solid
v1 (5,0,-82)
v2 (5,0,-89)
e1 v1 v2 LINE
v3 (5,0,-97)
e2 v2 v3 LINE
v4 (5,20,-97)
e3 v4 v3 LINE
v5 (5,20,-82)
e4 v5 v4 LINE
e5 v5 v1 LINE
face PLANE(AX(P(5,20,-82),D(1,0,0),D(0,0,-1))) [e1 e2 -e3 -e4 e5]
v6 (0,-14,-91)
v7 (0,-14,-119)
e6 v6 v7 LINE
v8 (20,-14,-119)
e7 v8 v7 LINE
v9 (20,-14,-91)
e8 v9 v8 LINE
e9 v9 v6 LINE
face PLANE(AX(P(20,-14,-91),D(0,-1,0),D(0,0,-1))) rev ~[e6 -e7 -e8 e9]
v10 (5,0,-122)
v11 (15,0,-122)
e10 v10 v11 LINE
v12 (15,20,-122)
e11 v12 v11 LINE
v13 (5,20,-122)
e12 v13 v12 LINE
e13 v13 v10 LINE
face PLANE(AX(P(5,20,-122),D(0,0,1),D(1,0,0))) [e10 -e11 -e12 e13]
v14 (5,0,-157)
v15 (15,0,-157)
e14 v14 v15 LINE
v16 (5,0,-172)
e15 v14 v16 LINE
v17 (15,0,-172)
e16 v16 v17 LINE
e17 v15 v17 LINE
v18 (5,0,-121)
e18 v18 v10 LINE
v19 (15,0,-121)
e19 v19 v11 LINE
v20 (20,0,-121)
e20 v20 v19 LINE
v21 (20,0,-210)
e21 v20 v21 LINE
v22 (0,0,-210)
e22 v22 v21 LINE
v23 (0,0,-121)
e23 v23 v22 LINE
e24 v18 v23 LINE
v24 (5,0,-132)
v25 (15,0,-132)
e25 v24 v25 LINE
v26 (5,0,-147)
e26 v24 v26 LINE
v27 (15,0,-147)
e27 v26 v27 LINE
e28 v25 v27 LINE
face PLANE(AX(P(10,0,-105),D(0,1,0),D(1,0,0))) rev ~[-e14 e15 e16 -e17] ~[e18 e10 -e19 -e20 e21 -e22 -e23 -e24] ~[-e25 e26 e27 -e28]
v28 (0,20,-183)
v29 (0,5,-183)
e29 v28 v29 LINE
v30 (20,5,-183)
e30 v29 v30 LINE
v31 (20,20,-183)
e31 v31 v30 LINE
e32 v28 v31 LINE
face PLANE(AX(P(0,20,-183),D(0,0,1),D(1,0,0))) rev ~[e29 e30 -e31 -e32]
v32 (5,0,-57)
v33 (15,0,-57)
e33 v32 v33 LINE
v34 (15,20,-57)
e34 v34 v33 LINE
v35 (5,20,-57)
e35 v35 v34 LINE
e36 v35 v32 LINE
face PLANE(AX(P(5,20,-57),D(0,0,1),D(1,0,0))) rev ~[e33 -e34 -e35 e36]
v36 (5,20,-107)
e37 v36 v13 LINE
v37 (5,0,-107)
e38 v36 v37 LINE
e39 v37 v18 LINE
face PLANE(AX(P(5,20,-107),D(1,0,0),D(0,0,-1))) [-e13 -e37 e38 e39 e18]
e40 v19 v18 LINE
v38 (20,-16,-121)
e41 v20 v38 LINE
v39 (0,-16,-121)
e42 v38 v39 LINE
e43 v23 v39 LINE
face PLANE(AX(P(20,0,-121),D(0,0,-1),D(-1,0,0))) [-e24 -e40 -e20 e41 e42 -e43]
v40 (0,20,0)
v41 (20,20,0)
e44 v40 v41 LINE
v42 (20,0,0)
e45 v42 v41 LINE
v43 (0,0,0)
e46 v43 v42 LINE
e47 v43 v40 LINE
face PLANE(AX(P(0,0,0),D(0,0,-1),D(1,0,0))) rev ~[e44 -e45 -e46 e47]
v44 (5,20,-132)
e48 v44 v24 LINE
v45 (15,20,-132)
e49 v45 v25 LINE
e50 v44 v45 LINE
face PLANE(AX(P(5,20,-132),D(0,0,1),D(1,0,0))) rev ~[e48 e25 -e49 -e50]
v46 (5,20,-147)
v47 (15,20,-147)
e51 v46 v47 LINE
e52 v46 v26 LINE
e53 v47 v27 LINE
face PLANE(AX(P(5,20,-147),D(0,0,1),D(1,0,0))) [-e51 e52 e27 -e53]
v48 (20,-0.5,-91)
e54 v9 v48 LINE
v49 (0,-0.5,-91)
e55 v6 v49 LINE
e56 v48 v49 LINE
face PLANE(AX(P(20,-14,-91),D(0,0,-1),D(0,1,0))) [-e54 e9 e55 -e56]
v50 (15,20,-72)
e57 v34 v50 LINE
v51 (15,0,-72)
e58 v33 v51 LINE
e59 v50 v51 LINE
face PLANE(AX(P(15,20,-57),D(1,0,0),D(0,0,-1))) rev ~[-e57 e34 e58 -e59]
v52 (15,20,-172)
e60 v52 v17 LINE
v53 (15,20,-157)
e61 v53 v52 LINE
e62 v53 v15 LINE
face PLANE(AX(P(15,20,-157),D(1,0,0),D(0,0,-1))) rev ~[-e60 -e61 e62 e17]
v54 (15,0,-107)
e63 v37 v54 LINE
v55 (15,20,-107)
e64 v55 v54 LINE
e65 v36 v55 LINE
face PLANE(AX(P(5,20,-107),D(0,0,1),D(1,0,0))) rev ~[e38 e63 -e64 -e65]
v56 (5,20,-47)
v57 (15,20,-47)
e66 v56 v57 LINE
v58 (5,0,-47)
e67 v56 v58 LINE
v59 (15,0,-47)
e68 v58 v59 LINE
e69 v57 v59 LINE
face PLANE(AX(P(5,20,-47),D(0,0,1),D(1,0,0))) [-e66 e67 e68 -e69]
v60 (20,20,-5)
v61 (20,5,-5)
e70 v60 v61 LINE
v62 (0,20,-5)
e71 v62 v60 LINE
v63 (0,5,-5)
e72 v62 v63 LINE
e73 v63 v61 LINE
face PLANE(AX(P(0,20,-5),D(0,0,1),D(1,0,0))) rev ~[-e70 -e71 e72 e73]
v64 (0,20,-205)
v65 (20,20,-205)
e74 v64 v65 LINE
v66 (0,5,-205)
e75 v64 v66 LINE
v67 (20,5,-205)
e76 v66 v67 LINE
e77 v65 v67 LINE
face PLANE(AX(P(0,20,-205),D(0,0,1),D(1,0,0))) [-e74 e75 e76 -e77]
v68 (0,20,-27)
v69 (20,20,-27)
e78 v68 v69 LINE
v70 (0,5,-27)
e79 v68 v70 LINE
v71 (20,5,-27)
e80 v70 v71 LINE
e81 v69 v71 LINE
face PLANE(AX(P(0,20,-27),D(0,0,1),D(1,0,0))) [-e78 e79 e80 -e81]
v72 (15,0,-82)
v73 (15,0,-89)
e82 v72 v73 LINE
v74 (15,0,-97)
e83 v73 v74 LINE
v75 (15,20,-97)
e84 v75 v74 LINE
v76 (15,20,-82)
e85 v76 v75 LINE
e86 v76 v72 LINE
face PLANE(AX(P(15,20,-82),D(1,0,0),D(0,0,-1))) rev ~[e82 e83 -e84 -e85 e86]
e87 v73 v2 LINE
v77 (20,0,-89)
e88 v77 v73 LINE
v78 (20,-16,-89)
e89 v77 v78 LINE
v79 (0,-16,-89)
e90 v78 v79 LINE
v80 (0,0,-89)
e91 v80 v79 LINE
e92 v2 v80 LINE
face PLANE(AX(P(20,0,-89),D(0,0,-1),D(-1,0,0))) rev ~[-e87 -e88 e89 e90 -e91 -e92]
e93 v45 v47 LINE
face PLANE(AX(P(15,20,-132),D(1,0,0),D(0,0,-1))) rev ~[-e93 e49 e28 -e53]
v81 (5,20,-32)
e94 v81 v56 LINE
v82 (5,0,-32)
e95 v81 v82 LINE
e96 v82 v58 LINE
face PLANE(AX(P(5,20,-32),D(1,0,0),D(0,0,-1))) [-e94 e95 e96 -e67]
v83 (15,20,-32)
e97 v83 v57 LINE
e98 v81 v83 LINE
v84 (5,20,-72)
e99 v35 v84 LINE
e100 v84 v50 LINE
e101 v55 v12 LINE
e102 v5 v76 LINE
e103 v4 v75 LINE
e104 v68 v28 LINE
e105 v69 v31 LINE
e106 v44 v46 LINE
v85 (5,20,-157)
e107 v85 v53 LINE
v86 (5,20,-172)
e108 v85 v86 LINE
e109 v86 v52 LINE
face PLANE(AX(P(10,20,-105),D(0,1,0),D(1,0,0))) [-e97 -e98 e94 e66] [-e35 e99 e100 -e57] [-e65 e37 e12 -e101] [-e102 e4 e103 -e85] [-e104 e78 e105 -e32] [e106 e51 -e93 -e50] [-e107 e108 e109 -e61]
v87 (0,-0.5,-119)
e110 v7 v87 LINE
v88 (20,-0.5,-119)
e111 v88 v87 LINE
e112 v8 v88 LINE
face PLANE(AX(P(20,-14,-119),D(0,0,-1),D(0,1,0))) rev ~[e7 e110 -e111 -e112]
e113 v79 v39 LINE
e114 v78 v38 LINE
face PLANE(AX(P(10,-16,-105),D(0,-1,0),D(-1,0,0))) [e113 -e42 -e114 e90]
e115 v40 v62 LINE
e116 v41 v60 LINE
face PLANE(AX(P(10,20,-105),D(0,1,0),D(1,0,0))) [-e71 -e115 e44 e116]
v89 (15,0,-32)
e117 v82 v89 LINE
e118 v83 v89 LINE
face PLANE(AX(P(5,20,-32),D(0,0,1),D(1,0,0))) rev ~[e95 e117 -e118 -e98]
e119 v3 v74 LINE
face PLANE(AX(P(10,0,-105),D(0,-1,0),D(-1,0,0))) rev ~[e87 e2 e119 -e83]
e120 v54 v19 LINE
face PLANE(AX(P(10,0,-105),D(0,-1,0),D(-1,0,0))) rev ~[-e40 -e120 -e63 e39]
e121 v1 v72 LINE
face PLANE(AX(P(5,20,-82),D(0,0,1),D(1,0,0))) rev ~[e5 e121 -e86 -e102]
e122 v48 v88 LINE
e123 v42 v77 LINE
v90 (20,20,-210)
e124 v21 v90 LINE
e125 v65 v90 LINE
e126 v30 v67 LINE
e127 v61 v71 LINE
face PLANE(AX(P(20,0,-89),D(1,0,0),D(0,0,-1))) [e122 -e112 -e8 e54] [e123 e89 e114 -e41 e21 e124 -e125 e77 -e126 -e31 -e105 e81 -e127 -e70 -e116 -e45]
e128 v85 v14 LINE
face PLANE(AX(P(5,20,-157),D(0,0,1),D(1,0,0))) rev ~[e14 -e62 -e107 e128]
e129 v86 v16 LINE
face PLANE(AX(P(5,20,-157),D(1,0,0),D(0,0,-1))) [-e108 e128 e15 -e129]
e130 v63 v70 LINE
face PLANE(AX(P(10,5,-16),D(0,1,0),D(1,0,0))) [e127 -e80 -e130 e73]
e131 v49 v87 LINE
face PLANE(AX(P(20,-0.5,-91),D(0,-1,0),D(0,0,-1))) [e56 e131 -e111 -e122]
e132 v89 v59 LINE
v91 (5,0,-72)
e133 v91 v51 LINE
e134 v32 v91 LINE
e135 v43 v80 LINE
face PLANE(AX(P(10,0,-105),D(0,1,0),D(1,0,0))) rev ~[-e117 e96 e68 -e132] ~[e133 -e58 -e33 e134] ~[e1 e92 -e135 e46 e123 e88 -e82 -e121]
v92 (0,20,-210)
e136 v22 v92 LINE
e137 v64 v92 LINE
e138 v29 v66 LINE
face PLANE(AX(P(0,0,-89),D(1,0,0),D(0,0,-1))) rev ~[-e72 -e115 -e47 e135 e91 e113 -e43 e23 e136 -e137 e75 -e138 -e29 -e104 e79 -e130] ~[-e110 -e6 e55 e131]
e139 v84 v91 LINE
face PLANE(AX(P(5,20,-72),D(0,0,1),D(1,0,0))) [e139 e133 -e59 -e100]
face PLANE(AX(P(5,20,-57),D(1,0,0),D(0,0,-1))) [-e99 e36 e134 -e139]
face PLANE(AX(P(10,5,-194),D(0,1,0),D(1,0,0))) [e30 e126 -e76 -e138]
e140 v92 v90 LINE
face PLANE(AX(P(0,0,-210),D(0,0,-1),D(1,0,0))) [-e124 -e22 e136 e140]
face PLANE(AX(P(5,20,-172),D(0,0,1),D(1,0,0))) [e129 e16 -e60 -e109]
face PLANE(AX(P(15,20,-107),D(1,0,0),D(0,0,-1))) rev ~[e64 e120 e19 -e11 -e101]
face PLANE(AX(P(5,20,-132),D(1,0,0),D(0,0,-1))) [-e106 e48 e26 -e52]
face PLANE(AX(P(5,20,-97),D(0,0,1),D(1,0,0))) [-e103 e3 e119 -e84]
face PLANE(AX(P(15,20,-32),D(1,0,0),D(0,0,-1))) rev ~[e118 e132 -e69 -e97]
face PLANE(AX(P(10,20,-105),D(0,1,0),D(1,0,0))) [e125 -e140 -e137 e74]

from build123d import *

# Parameters (mm, degrees)
SKETCH1_W           = 20
SKETCH1_H           = 210
BOSS_EXTRUDE1_DEPTH = 20
SKETCH2_W           = 20
SKETCH2_H           = 22
CUT_EXTRUDE1_DEPTH  = 15
SKETCH3_W           = 20
SKETCH3_H           = 22
CUT_EXTRUDE2_DEPTH  = 15
SKETCH4_W           = 10
SKETCH4_H           = 15
CUT_EXTRUDE3_DEPTH  = 21
SKETCH5_W           = 20
SKETCH5_H           = 32
BOSS_EXTRUDE2_DEPTH = 16
SKETCH6_W           = 28
SKETCH6_H           = 13.5
CUT_EXTRUDE4_DEPTH  = 21


with BuildPart() as part:
    # Sketch1 → Boss-Extrude1 (new body)
    with BuildSketch(Plane(origin=(0, 0, 0), x_dir=(1, 0, 0), z_dir=(0, 1, 0))):
        with Locations((10, 105)):
            Rectangle(SKETCH1_W, SKETCH1_H)
    extrude(amount=BOSS_EXTRUDE1_DEPTH)

    # Sketch2 → Cut-Extrude1 (cut)
    with BuildSketch(Plane(origin=(0, 20, 0), x_dir=(1, 0, 0), z_dir=(0, 1, 0))):
        with Locations((10, 16)):
            Rectangle(SKETCH2_W, SKETCH2_H)
    extrude(amount=-CUT_EXTRUDE1_DEPTH, mode=Mode.SUBTRACT)

    # Sketch3 → Cut-Extrude2 (cut)
    with BuildSketch(Plane(origin=(0, 20, 0), x_dir=(1, 0, 0), z_dir=(0, 1, 0))):
        with Locations((10, 194)):
            Rectangle(SKETCH3_W, SKETCH3_H)
    extrude(amount=-CUT_EXTRUDE2_DEPTH, mode=Mode.SUBTRACT)

    # Sketch4 → Cut-Extrude3 (cut, through all)
    with BuildSketch(Plane(origin=(0, 20, 0), x_dir=(1, 0, 0), z_dir=(0, 1, 0))):
        with Locations((10, 39.5)):
            Rectangle(SKETCH4_W, SKETCH4_H)
        with Locations((10, 64.5)):
            Rectangle(SKETCH4_W, SKETCH4_H)
        with Locations((10, 89.5)):
            Rectangle(SKETCH4_W, SKETCH4_H)
        with Locations((10, 114.5)):
            Rectangle(SKETCH4_W, SKETCH4_H)
        with Locations((10, 139.5)):
            Rectangle(SKETCH4_W, SKETCH4_H)
        with Locations((10, 164.5)):
            Rectangle(SKETCH4_W, SKETCH4_H)
    extrude(amount=-CUT_EXTRUDE3_DEPTH, mode=Mode.SUBTRACT)

    # Sketch5 → Boss-Extrude2 (add)
    with BuildSketch(Plane(origin=(0, 0, 0), x_dir=(-1, 0, 0), z_dir=(0, -1, 0))):
        with Locations((-10, 105)):
            Rectangle(SKETCH5_W, SKETCH5_H)
    extrude(amount=BOSS_EXTRUDE2_DEPTH)

    # Sketch6 → Cut-Extrude4 (cut, through all)
    with BuildSketch(Plane(origin=(20, 0, 0), x_dir=(0, 0, -1), z_dir=(1, 0, 0))):
        with Locations((105, -7.25)):
            Rectangle(SKETCH6_W, SKETCH6_H)
    extrude(amount=-CUT_EXTRUDE4_DEPTH, mode=Mode.SUBTRACT)


solid = part.part
